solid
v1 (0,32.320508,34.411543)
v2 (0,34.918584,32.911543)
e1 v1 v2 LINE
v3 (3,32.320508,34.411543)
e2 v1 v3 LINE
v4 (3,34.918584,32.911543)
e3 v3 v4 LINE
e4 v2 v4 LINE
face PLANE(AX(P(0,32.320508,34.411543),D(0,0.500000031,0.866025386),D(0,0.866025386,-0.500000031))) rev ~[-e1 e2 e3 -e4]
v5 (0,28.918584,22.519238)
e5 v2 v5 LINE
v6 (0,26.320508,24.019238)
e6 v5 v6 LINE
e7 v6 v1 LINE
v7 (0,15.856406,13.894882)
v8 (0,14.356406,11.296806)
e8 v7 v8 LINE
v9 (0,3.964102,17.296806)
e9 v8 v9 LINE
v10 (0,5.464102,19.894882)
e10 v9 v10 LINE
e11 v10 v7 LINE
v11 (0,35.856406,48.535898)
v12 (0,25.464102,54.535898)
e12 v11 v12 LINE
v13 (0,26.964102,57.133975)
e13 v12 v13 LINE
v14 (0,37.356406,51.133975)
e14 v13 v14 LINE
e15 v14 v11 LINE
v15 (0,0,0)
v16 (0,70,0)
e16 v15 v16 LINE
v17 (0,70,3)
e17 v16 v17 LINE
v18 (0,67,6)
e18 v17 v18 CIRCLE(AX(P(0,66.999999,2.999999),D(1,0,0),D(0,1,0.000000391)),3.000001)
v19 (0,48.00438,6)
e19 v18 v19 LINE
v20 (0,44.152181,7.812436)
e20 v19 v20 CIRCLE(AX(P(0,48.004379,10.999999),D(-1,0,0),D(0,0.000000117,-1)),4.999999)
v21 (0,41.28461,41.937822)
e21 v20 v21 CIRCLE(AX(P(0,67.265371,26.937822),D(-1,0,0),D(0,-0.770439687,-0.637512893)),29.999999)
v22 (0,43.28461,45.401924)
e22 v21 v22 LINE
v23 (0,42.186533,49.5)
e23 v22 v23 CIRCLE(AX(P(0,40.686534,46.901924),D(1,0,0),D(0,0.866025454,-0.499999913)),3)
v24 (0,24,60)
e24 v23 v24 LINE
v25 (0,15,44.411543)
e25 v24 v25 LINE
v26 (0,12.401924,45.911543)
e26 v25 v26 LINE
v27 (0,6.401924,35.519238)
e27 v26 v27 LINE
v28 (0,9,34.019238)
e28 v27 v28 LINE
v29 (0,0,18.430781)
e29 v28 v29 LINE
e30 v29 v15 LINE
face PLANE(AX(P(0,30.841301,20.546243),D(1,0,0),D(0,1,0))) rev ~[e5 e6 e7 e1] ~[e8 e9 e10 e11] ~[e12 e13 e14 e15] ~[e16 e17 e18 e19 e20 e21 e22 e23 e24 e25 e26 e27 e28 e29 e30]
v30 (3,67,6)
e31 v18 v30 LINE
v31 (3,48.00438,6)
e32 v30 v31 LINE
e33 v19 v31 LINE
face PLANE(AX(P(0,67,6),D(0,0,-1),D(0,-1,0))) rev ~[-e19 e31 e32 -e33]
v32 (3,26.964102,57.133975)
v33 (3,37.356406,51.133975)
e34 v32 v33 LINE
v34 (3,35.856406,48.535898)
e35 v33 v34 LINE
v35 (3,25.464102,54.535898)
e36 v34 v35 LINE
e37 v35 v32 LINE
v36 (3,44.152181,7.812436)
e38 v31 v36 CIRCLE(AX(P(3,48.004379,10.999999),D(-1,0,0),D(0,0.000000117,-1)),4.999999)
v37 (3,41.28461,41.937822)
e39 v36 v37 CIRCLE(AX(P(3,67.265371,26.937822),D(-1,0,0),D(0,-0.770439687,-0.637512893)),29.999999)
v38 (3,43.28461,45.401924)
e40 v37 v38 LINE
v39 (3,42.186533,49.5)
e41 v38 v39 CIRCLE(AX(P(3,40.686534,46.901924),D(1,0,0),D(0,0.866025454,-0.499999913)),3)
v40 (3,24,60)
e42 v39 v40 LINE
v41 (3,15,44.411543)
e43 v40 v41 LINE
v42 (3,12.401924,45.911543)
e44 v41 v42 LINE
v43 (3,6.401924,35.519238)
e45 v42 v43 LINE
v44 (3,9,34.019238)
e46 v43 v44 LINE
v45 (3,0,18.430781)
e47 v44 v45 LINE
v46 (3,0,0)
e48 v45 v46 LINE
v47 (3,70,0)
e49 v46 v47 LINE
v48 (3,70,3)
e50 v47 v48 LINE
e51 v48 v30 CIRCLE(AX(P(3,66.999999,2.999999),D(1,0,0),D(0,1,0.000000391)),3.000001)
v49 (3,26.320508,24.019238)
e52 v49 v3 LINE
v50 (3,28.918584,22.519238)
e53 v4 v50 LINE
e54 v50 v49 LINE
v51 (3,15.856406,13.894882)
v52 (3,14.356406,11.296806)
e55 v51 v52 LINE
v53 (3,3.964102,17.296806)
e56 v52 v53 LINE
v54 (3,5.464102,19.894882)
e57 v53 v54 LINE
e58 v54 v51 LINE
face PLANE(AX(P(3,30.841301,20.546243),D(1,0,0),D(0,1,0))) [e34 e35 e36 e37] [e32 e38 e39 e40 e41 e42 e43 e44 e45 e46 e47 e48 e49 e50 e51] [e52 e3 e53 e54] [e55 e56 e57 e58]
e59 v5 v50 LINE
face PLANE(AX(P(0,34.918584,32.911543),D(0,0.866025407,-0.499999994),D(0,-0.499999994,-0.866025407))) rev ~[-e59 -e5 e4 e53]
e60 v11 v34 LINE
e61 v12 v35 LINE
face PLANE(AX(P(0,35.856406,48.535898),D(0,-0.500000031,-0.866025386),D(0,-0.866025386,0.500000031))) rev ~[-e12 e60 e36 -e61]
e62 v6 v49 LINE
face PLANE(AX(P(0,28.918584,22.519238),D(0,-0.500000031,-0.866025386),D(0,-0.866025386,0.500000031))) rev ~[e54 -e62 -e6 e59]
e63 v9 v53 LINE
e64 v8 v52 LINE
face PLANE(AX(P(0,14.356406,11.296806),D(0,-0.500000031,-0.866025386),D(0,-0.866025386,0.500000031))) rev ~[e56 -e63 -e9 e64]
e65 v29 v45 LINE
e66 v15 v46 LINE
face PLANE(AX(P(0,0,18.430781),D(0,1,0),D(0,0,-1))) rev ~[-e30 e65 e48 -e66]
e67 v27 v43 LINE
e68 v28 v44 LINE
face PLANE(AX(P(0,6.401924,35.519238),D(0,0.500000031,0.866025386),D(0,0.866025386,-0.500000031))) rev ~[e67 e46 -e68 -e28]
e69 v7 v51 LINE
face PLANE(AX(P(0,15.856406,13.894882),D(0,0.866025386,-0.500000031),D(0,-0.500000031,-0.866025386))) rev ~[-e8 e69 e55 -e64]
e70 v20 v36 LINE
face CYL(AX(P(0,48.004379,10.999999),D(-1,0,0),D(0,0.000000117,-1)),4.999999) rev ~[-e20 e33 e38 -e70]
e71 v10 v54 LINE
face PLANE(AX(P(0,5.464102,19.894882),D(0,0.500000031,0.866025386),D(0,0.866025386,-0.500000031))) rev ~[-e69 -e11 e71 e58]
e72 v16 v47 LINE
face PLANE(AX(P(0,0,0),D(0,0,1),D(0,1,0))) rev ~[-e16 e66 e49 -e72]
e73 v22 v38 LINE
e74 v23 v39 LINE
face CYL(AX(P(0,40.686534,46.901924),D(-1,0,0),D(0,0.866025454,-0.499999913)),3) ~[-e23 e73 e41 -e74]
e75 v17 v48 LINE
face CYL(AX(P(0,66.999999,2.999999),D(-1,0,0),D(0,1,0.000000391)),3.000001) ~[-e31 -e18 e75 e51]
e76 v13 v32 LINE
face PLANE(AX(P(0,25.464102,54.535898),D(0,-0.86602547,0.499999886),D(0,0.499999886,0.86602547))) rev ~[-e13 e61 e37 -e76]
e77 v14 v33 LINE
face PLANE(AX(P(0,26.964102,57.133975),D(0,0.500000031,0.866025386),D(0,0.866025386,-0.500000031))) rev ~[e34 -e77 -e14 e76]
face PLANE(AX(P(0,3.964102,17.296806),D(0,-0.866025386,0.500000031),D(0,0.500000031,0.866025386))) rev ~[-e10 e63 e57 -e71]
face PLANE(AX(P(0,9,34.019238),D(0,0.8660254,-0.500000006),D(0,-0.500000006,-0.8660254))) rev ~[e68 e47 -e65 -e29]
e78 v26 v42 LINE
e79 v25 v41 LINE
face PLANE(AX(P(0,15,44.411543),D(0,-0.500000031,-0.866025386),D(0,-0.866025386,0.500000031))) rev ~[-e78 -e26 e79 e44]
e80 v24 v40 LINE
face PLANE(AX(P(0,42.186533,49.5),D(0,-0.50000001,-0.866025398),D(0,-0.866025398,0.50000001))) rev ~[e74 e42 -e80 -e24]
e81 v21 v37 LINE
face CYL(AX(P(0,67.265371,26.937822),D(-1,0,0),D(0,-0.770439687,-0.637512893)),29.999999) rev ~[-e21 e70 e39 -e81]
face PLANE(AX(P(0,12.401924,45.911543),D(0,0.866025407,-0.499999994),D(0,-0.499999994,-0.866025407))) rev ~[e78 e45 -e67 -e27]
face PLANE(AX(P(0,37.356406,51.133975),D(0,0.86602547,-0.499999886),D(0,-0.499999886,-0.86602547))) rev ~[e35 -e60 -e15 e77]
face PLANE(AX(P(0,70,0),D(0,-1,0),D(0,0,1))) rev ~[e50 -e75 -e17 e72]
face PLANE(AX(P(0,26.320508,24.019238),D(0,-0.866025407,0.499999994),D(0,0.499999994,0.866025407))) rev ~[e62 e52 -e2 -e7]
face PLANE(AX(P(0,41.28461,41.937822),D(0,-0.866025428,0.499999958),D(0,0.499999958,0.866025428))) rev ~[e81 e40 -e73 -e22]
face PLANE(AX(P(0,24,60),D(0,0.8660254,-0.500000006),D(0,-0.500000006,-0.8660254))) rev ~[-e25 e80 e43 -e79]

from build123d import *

# Parameters (mm, degrees)
F1_DEPTH = 3


with BuildPart() as f1:
    # F0 (on Right) → F1 (new body)
    with BuildSketch(Plane.YZ):
        with BuildLine():
            Line((9, 34.019238), (0, 18.430781))
            Line((0, 18.430781), (0, 0))
            Line((0, 0), (70, 0))
            Line((70, 0), (70, 3))
            ThreePointArc((70, 3), (69.12132, 5.12132), (67, 6))
            Line((67, 6), (48.00438, 6))
            ThreePointArc((48.00438, 6), (45.875744, 6.475742), (44.152181, 7.812436))
            ThreePointArc((44.152181, 7.812436), (37.370731, 24.425762), (41.28461, 41.937822))
            Line((41.28461, 41.937822), (43.28461, 45.401924))
            ThreePointArc((43.28461, 45.401924), (43.584311, 47.678381), (42.186533, 49.5))
            Line((42.186533, 49.5), (24, 60))
            Line((24, 60), (15, 44.411543))
            Line((15, 44.411543), (12.401924, 45.911543))
            Line((12.401924, 45.911543), (6.401924, 35.519238))
            Line((6.401924, 35.519238), (9, 34.019238))
        make_face()
        Polygon((3.964102, 17.296806), (5.464102, 19.894882), (15.856406, 13.894882), (14.356406, 11.296806), align=None, mode=Mode.SUBTRACT)
        Polygon((26.320508, 24.019238), (32.320508, 34.411543), (34.918584, 32.911543), (28.918584, 22.519238), align=None, mode=Mode.SUBTRACT)
        Polygon((25.464102, 54.535898), (26.964102, 57.133975), (37.356406, 51.133975), (35.856406, 48.535898), align=None, mode=Mode.SUBTRACT)
    extrude(amount=F1_DEPTH)


solid = f1.part
